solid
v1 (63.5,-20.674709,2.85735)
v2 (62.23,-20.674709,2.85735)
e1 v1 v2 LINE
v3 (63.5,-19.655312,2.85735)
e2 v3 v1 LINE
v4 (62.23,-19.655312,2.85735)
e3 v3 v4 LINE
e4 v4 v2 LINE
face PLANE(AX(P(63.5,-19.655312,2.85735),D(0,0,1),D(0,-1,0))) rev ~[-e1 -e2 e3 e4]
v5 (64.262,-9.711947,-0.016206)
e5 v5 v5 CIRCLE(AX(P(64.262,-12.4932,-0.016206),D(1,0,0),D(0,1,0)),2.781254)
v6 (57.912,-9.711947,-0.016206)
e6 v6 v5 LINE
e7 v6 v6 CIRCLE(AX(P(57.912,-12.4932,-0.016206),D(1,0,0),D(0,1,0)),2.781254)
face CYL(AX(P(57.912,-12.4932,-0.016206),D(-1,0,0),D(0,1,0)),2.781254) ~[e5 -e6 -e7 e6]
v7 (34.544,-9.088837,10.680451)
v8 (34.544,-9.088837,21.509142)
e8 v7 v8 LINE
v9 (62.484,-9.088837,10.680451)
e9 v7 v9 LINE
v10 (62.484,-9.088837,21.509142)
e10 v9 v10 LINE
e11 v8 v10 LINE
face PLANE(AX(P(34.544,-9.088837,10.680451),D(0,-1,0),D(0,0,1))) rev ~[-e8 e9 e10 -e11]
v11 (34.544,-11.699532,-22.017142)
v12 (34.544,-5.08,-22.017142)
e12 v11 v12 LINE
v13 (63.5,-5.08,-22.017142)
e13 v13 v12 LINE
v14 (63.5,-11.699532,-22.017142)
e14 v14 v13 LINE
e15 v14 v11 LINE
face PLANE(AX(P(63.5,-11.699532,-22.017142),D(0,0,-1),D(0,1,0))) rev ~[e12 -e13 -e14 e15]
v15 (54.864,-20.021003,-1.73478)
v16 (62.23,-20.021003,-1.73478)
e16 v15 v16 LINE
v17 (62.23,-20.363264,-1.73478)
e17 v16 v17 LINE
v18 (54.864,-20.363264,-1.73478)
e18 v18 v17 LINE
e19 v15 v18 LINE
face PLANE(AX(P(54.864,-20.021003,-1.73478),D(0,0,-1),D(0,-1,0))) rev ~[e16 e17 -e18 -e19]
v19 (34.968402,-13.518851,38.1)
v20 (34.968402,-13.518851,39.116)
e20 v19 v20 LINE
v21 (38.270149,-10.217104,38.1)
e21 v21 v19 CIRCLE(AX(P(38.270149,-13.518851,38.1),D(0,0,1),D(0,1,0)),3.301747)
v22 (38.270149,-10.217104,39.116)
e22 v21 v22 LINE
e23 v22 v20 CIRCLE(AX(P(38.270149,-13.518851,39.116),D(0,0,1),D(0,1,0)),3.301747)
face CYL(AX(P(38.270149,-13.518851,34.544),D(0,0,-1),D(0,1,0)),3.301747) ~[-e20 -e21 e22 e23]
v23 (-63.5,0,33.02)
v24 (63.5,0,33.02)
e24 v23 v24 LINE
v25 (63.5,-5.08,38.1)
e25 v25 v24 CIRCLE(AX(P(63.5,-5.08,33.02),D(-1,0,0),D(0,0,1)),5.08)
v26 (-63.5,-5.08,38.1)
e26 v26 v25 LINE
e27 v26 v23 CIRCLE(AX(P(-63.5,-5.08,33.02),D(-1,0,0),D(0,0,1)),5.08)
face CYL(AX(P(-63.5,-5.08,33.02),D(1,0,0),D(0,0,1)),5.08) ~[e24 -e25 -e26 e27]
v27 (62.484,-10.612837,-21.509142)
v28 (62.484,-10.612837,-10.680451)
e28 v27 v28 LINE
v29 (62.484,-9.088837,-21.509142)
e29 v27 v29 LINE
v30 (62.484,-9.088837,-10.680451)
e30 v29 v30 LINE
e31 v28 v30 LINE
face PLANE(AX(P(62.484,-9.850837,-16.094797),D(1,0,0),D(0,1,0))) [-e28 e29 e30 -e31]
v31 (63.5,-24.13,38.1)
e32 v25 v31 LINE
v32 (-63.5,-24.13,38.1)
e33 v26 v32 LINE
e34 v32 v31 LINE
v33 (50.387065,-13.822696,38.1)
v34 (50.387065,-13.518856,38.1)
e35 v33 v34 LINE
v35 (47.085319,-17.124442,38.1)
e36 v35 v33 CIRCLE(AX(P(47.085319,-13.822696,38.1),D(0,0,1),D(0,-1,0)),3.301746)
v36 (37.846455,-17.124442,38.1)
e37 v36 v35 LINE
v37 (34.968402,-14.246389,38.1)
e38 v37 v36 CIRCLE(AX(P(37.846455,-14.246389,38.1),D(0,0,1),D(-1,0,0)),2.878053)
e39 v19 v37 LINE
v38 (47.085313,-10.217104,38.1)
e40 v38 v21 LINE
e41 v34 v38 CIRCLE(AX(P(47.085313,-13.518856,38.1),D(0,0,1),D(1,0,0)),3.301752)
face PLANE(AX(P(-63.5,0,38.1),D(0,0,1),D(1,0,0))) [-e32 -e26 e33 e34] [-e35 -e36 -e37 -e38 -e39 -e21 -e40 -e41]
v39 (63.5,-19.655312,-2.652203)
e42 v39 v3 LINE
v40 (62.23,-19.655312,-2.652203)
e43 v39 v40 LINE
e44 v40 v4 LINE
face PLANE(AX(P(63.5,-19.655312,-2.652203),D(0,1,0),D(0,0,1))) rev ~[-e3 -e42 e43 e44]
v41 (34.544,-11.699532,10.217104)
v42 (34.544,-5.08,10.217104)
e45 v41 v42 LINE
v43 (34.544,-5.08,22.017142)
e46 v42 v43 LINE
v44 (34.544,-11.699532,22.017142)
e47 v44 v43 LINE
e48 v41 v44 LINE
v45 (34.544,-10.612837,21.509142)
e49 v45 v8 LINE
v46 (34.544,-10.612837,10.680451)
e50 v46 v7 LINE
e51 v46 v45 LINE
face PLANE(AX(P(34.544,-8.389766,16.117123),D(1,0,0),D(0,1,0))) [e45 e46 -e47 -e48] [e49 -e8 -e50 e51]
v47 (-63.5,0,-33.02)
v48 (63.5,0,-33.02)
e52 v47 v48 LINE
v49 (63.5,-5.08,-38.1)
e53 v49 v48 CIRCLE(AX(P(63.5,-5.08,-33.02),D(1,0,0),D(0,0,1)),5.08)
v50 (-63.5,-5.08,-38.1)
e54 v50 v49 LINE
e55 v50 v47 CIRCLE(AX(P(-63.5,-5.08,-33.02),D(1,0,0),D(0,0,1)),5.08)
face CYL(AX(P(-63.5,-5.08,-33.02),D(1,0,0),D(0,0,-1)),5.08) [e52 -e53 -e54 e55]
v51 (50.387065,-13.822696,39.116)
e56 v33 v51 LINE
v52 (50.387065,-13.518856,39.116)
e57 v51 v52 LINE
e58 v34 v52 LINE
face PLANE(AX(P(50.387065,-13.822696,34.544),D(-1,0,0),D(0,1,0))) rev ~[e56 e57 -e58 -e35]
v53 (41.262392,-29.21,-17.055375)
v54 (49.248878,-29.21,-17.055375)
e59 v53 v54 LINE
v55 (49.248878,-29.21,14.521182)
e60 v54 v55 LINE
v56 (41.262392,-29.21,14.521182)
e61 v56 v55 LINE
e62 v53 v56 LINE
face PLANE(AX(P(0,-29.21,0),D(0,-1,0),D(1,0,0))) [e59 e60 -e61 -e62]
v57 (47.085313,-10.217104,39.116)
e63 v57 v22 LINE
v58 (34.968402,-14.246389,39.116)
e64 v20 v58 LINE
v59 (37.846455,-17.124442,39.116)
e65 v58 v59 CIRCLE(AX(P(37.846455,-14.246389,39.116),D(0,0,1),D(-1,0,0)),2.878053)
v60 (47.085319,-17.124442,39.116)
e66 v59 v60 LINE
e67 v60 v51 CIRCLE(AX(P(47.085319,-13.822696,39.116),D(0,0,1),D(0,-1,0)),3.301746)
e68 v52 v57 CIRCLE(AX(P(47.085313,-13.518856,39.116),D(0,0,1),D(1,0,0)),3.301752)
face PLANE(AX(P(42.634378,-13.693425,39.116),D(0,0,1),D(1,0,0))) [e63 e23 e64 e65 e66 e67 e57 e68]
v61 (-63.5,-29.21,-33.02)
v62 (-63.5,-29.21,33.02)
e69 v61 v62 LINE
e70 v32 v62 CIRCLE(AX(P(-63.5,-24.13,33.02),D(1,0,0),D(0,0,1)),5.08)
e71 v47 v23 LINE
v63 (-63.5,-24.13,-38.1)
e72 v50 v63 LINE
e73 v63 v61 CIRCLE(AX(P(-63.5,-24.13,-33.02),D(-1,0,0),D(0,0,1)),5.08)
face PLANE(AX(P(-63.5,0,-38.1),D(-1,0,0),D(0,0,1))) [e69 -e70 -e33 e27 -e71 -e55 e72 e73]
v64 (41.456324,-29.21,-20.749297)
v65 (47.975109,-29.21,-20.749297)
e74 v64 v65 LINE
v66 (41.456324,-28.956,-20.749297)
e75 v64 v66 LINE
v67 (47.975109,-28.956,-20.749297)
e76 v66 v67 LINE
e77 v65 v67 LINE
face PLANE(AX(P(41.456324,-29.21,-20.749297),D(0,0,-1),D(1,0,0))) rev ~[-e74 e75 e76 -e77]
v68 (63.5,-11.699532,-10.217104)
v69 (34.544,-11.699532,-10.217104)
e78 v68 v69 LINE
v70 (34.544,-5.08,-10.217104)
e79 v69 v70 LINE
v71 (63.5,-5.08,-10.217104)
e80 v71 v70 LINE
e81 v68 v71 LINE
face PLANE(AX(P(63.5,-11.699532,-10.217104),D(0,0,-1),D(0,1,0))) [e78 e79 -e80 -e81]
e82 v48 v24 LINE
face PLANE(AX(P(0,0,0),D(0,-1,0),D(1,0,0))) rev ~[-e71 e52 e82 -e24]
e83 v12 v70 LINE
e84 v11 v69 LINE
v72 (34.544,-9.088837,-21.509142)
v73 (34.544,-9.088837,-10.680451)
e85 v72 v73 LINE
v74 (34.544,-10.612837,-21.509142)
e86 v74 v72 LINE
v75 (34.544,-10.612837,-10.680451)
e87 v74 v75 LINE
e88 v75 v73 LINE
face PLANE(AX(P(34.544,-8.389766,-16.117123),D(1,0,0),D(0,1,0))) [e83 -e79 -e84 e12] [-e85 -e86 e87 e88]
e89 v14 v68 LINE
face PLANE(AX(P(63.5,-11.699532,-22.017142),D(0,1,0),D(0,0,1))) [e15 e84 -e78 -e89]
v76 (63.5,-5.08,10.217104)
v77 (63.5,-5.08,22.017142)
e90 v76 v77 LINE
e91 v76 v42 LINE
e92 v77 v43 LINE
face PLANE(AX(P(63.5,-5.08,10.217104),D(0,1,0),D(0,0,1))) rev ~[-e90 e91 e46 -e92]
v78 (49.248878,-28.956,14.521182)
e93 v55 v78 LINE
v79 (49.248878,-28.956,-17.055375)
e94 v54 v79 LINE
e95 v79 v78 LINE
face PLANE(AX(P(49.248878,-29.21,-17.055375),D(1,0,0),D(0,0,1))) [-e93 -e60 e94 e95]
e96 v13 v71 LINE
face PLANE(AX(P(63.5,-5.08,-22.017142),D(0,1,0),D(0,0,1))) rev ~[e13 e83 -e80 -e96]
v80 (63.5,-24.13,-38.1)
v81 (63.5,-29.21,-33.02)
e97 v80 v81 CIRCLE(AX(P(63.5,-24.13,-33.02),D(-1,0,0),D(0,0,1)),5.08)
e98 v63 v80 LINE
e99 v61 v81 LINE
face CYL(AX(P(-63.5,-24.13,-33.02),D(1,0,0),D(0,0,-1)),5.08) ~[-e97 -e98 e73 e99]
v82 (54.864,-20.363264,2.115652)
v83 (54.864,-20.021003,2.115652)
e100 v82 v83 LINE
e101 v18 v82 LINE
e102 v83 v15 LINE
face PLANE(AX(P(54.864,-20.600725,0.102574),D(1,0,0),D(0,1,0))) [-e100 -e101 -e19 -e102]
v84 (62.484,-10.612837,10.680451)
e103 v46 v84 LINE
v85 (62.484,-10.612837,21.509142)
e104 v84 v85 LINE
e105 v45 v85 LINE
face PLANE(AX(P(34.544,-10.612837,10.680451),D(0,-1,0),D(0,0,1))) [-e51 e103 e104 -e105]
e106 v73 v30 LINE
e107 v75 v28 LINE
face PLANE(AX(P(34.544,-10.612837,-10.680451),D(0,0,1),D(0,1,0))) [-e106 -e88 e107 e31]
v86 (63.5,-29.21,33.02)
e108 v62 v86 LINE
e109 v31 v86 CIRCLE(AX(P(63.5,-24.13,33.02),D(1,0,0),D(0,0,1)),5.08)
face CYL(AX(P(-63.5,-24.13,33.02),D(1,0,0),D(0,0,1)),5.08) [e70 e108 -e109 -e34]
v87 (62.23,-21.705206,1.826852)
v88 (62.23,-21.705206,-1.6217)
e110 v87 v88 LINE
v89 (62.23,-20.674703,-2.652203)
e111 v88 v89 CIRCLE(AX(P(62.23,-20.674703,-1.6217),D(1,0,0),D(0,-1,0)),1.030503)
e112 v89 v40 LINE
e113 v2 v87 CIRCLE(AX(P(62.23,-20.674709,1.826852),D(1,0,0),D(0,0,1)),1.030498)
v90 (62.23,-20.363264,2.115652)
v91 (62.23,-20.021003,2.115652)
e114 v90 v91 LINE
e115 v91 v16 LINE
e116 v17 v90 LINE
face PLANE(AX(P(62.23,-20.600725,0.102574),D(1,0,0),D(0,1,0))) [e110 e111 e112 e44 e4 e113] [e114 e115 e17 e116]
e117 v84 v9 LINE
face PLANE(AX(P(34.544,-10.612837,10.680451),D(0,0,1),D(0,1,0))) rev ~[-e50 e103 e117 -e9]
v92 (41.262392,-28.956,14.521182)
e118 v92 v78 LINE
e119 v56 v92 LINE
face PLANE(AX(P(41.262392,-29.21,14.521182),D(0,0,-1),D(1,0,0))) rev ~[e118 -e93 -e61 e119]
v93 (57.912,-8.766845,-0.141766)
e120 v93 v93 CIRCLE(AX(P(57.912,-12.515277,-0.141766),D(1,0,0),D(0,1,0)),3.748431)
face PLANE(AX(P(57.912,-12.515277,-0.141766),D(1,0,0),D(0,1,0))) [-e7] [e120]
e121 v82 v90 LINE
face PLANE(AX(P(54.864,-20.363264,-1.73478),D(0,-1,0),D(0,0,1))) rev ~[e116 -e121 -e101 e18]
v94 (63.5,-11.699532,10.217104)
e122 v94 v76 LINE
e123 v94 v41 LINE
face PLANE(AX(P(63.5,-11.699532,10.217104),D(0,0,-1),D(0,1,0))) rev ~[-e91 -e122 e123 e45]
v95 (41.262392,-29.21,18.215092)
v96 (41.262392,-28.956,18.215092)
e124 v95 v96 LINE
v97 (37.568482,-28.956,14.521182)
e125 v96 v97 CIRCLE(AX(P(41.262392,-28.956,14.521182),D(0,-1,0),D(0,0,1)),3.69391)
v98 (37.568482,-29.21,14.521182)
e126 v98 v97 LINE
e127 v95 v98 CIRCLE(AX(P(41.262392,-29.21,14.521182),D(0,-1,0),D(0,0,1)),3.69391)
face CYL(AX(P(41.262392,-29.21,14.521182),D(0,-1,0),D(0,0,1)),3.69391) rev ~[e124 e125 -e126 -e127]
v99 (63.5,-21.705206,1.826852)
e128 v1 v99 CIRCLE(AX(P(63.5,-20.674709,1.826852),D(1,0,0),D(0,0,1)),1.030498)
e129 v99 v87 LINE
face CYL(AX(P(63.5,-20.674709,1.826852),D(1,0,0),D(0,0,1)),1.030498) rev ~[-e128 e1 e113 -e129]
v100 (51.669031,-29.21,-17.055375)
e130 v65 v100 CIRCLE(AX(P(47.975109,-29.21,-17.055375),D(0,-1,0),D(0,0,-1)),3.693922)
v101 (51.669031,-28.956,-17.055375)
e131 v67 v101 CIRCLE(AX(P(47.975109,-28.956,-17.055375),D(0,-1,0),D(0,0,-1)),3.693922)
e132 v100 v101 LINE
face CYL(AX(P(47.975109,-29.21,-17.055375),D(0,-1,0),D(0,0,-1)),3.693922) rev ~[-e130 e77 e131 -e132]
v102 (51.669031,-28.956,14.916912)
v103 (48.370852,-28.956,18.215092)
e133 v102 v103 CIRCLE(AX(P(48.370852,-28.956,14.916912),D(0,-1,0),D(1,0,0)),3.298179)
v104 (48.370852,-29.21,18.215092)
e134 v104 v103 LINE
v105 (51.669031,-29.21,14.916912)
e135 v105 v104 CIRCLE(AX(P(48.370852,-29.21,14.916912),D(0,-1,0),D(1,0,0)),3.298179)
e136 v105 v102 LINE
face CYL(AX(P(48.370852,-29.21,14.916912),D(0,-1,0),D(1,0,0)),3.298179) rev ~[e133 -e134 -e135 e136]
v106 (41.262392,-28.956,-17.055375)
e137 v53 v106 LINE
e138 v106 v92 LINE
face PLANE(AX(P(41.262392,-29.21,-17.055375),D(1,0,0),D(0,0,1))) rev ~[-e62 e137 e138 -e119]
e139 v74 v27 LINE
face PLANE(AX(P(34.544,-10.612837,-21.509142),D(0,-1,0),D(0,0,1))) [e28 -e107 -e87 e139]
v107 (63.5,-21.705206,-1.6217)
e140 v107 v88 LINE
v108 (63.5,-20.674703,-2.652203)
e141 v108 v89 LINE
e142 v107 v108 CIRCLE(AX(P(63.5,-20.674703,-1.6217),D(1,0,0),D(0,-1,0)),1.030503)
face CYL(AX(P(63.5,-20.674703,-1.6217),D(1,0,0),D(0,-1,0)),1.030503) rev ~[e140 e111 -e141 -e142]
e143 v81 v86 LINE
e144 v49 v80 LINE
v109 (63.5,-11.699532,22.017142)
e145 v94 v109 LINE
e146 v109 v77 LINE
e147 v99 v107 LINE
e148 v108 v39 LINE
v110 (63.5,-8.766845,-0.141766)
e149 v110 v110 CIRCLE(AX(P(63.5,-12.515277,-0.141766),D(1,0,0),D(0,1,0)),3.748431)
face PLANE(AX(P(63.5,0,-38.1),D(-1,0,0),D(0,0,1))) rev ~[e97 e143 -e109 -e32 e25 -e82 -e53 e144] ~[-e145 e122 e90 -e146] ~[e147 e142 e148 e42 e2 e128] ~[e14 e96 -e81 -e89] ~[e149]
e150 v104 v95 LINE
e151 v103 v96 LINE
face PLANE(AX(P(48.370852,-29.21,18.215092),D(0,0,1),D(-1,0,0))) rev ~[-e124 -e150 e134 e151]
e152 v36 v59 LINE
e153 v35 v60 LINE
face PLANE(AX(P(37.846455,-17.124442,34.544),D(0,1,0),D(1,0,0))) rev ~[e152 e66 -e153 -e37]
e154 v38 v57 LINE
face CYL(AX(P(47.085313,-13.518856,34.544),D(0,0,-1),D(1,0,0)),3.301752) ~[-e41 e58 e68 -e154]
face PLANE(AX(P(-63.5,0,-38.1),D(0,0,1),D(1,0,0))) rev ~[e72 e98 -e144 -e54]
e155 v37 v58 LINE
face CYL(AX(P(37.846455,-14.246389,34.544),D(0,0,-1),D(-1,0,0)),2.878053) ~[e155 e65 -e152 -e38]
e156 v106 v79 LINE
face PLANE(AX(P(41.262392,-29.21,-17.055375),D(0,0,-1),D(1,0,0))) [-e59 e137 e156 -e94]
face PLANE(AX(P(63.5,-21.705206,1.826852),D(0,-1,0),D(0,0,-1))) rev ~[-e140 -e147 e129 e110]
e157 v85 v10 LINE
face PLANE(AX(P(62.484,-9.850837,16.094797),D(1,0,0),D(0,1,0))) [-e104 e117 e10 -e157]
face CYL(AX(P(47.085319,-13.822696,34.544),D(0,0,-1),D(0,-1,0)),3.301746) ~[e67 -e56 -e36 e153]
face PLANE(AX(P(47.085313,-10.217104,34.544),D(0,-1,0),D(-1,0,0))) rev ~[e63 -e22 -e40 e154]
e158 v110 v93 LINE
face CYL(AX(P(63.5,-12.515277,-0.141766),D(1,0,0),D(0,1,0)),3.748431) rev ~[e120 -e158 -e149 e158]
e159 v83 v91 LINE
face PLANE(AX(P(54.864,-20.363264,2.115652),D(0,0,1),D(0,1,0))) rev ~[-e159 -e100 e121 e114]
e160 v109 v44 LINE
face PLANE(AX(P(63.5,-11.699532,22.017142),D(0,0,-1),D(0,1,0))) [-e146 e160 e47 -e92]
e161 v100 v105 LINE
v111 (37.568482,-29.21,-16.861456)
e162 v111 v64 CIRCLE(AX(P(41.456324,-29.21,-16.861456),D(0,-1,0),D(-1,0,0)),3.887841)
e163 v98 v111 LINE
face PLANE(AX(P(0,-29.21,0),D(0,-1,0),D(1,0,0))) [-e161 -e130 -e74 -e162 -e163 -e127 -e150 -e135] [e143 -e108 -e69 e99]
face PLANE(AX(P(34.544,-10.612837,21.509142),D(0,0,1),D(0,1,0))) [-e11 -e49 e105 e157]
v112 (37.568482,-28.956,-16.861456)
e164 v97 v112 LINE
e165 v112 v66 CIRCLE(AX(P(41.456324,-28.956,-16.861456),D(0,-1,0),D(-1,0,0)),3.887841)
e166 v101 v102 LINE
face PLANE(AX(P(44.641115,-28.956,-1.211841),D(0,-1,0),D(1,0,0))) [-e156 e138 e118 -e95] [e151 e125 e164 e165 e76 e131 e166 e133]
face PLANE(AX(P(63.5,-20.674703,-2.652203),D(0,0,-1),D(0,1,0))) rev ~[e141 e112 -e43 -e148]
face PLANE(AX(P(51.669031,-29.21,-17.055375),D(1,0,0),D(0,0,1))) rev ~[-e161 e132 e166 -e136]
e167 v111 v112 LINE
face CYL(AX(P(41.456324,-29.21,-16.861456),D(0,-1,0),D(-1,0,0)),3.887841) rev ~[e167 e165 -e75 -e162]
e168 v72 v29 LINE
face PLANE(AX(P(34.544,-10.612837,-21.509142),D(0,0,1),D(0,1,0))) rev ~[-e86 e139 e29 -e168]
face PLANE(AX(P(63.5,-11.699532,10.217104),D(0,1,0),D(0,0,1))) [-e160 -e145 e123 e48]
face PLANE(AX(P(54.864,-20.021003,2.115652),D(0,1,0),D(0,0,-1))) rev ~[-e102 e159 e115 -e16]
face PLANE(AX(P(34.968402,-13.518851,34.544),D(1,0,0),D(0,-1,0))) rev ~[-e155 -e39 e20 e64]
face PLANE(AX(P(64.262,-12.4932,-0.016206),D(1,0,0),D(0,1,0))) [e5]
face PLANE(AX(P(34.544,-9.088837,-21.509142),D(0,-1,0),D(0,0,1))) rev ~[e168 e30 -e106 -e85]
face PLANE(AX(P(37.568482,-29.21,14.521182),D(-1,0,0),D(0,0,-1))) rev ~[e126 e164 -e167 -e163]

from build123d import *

# Parameters (mm, degrees)
F0_W      = 127
F0_H      = 76.2
F1_DEPTH  = 29.21
F2_R      = 5.08
F3_W      = 6.6195318941
F3_H      = 11.800037697
F4_DEPTH  = 28.956
F5_W      = 1.524
F5_H      = 10.8286906034
F6_DEPTH  = 27.94
F7_R      = 3.7484313793
F8_DEPTH  = 5.588
F9_R      = 2.7812538223
F10_DEPTH = 6.35
F12_DEPTH = 8.636
F14_DEPTH = 7.366
F16_DEPTH = 3.556
F17_DEPTH = 4.572
F18_W     = 7.9864859581
F18_H     = 31.5765572539
F19_DEPTH = 0.254


with BuildPart() as f1:
    # F0 (on Front) → F1 (new body)
    with BuildSketch(Plane.XZ):
        Rectangle(F0_W, F0_H)
    extrude(amount=F1_DEPTH)

    # F2
    f2_edges = [f1.edges().sort_by_distance(p)[0] for p in [
        (0, -29.21, 38.1),
        (0, 0, 38.1),
        (0, -29.21, -38.1),
        (0, 0, -38.1),
    ]]
    fillet(f2_edges, radius=F2_R)

    # F3 (on face) → F4 (cut)
    with BuildSketch(Plane.YZ.offset(63.5)):
        with Locations((-8.3897659471, 16.1171229556)):
            Rectangle(F3_W, F3_H)
        with Locations((-8.3897659471, -16.1171229556)):
            Rectangle(F3_W, F3_H)
    extrude(amount=-F4_DEPTH, mode=Mode.SUBTRACT)

    # F5 (on face) → F6 (join)
    with BuildSketch(Plane.YZ.offset(34.544)):
        with Locations((-9.8508370389, 16.0947965024)):
            Rectangle(F5_W, F5_H)
        with Locations((-9.8508370389, -16.0947965024)):
            Rectangle(F5_W, F5_H)
    extrude(amount=F6_DEPTH)

    # F7 (on face) → F8 (cut)
    with BuildSketch(Plane.YZ.offset(63.5)):
        with Locations((-12.5152766346, -0.14176574)):
            Circle(F7_R)
    extrude(amount=-F8_DEPTH, mode=Mode.SUBTRACT)

    # F9 (on face) → F10 (join)
    with BuildSketch(Plane.YZ.offset(57.912)):
        with Locations((-12.4932004692, -0.0162060605)):
            Circle(F9_R)
    extrude(amount=F10_DEPTH)

    # F11 (on face) → F12 (cut)
    with BuildSketch(Plane.YZ.offset(63.5)):
        with BuildLine():
            Line((-19.6553119308, 2.8573502786), (-20.6747086321, 2.8573502786))
            ThreePointArc((-20.6747086321, 2.8573502786), (-21.4033806509, 2.5555244459), (-21.7052064836, 1.8268524271))
            Line((-21.7052064836, 1.8268524271), (-21.7052064836, -1.6216995807))
            ThreePointArc((-21.7052064836, -1.6216995807), (-21.4033790258, -2.3503755229), (-20.6747030836, -2.6522029807))
            Line((-20.6747030836, -2.6522029807), (-19.6553119308, -2.6522029807))
            Line((-19.6553119308, -2.6522029807), (-19.6553119308, 2.8573502786))
        make_face()
    extrude(amount=-F12_DEPTH, mode=Mode.SUBTRACT)

    # F13 (on face) → F14 (join)
    with BuildSketch(Plane.YZ.offset(54.864)):
        with BuildLine():
            Line((-19.6553119308, -2.6522029807), (-19.6553119308, 2.8573502786))
            Line((-19.6553119308, 2.8573502786), (-20.6747086321, 2.8573502786))
            ThreePointArc((-20.6747086321, 2.8573502786), (-21.4033806509, 2.5555244459), (-21.7052064836, 1.8268524271))
            Line((-21.7052064836, 1.8268524271), (-21.7052064836, -1.6216995807))
            ThreePointArc((-21.7052064836, -1.6216995807), (-21.4033790258, -2.3503755229), (-20.6747030836, -2.6522029807))
            Line((-20.6747030836, -2.6522029807), (-19.6553119308, -2.6522029807))
        make_face()
        Polygon((-20.3632637858, 1.3027831301), (-20.3632637858, 2.1156521834), (-20.0210027397, 2.1156521834), (-20.0210027397, 1.3027831301), (-20.0210027397, 0), (-20.0210027397, -1.7347801622), (-20.3632637858, -1.7347801622), (-20.3632637858, 0), align=None, mode=Mode.SUBTRACT)
    extrude(amount=F14_DEPTH)

    # F15 (on face) → F16 (cut)
    with BuildSketch(Plane.XY.offset(38.1)):
        with BuildLine():
            Line((47.0853128431, -10.2171041071), (38.2701487959, -10.2171041071))
            ThreePointArc((38.2701487959, -10.2171041071), (35.9354614141, -11.1841632846), (34.9684022367, -13.5188506663))
            Line((34.9684022367, -13.5188506663), (34.9684022367, -14.2463892698))
            ThreePointArc((34.9684022367, -14.2463892698), (35.8113644771, -16.2814801432), (37.8464553505, -17.1244423836))
            Line((37.8464553505, -17.1244423836), (47.0853187936, -17.1244423836))
            ThreePointArc((47.0853187936, -17.1244423836), (49.4200057799, -16.15738337), (50.3870647936, -13.8226963836))
            Line((50.3870647936, -13.8226963836), (50.3870647936, -13.5188560576))
            ThreePointArc((50.3870647936, -13.5188560576), (49.4200040371, -11.1841648636), (47.0853128431, -10.2171041071))
        make_face()
    extrude(amount=-F16_DEPTH, mode=Mode.SUBTRACT)

    # F17 (add): a face of the model
    f17_faces = [f1.faces().sort_by_distance(p)[0] for p in [
        (42.6393602825, -13.6846721525, 34.544),
    ]]
    extrude(f17_faces, amount=F17_DEPTH)

    # F18 (on face) → F19 (cut)
    with BuildSketch(Plane.XZ.offset(29.21)):
        with BuildLine():
            Line((48.3708519327, 18.215091899), (41.2623919547, 18.215091899))
            ThreePointArc((41.2623919547, 18.215091899), (38.6504034004, 17.1331708151), (37.5684823165, 14.5211822609))
            Line((37.5684823165, 14.5211822609), (37.5684823165, -16.8614557905))
            ThreePointArc((37.5684823165, -16.8614557905), (38.7072046405, -19.610574669), (41.456323519, -20.749296993))
            Line((41.456323519, -20.749296993), (47.9751093816, -20.749296993))
            ThreePointArc((47.9751093816, -20.749296993), (50.587106677, -19.6673722884), (51.6690313816, -17.055374993))
            Line((51.6690313816, -17.055374993), (51.6690313816, 14.9169124501))
            ThreePointArc((51.6690313816, 14.9169124501), (50.7030169866, 17.249077504), (48.3708519327, 18.215091899))
        make_face()
        with Locations((45.2556349337, -1.2670963661)):
            Rectangle(F18_W, F18_H, mode=Mode.SUBTRACT)
    extrude(amount=-F19_DEPTH, mode=Mode.SUBTRACT)


solid = f1.part
